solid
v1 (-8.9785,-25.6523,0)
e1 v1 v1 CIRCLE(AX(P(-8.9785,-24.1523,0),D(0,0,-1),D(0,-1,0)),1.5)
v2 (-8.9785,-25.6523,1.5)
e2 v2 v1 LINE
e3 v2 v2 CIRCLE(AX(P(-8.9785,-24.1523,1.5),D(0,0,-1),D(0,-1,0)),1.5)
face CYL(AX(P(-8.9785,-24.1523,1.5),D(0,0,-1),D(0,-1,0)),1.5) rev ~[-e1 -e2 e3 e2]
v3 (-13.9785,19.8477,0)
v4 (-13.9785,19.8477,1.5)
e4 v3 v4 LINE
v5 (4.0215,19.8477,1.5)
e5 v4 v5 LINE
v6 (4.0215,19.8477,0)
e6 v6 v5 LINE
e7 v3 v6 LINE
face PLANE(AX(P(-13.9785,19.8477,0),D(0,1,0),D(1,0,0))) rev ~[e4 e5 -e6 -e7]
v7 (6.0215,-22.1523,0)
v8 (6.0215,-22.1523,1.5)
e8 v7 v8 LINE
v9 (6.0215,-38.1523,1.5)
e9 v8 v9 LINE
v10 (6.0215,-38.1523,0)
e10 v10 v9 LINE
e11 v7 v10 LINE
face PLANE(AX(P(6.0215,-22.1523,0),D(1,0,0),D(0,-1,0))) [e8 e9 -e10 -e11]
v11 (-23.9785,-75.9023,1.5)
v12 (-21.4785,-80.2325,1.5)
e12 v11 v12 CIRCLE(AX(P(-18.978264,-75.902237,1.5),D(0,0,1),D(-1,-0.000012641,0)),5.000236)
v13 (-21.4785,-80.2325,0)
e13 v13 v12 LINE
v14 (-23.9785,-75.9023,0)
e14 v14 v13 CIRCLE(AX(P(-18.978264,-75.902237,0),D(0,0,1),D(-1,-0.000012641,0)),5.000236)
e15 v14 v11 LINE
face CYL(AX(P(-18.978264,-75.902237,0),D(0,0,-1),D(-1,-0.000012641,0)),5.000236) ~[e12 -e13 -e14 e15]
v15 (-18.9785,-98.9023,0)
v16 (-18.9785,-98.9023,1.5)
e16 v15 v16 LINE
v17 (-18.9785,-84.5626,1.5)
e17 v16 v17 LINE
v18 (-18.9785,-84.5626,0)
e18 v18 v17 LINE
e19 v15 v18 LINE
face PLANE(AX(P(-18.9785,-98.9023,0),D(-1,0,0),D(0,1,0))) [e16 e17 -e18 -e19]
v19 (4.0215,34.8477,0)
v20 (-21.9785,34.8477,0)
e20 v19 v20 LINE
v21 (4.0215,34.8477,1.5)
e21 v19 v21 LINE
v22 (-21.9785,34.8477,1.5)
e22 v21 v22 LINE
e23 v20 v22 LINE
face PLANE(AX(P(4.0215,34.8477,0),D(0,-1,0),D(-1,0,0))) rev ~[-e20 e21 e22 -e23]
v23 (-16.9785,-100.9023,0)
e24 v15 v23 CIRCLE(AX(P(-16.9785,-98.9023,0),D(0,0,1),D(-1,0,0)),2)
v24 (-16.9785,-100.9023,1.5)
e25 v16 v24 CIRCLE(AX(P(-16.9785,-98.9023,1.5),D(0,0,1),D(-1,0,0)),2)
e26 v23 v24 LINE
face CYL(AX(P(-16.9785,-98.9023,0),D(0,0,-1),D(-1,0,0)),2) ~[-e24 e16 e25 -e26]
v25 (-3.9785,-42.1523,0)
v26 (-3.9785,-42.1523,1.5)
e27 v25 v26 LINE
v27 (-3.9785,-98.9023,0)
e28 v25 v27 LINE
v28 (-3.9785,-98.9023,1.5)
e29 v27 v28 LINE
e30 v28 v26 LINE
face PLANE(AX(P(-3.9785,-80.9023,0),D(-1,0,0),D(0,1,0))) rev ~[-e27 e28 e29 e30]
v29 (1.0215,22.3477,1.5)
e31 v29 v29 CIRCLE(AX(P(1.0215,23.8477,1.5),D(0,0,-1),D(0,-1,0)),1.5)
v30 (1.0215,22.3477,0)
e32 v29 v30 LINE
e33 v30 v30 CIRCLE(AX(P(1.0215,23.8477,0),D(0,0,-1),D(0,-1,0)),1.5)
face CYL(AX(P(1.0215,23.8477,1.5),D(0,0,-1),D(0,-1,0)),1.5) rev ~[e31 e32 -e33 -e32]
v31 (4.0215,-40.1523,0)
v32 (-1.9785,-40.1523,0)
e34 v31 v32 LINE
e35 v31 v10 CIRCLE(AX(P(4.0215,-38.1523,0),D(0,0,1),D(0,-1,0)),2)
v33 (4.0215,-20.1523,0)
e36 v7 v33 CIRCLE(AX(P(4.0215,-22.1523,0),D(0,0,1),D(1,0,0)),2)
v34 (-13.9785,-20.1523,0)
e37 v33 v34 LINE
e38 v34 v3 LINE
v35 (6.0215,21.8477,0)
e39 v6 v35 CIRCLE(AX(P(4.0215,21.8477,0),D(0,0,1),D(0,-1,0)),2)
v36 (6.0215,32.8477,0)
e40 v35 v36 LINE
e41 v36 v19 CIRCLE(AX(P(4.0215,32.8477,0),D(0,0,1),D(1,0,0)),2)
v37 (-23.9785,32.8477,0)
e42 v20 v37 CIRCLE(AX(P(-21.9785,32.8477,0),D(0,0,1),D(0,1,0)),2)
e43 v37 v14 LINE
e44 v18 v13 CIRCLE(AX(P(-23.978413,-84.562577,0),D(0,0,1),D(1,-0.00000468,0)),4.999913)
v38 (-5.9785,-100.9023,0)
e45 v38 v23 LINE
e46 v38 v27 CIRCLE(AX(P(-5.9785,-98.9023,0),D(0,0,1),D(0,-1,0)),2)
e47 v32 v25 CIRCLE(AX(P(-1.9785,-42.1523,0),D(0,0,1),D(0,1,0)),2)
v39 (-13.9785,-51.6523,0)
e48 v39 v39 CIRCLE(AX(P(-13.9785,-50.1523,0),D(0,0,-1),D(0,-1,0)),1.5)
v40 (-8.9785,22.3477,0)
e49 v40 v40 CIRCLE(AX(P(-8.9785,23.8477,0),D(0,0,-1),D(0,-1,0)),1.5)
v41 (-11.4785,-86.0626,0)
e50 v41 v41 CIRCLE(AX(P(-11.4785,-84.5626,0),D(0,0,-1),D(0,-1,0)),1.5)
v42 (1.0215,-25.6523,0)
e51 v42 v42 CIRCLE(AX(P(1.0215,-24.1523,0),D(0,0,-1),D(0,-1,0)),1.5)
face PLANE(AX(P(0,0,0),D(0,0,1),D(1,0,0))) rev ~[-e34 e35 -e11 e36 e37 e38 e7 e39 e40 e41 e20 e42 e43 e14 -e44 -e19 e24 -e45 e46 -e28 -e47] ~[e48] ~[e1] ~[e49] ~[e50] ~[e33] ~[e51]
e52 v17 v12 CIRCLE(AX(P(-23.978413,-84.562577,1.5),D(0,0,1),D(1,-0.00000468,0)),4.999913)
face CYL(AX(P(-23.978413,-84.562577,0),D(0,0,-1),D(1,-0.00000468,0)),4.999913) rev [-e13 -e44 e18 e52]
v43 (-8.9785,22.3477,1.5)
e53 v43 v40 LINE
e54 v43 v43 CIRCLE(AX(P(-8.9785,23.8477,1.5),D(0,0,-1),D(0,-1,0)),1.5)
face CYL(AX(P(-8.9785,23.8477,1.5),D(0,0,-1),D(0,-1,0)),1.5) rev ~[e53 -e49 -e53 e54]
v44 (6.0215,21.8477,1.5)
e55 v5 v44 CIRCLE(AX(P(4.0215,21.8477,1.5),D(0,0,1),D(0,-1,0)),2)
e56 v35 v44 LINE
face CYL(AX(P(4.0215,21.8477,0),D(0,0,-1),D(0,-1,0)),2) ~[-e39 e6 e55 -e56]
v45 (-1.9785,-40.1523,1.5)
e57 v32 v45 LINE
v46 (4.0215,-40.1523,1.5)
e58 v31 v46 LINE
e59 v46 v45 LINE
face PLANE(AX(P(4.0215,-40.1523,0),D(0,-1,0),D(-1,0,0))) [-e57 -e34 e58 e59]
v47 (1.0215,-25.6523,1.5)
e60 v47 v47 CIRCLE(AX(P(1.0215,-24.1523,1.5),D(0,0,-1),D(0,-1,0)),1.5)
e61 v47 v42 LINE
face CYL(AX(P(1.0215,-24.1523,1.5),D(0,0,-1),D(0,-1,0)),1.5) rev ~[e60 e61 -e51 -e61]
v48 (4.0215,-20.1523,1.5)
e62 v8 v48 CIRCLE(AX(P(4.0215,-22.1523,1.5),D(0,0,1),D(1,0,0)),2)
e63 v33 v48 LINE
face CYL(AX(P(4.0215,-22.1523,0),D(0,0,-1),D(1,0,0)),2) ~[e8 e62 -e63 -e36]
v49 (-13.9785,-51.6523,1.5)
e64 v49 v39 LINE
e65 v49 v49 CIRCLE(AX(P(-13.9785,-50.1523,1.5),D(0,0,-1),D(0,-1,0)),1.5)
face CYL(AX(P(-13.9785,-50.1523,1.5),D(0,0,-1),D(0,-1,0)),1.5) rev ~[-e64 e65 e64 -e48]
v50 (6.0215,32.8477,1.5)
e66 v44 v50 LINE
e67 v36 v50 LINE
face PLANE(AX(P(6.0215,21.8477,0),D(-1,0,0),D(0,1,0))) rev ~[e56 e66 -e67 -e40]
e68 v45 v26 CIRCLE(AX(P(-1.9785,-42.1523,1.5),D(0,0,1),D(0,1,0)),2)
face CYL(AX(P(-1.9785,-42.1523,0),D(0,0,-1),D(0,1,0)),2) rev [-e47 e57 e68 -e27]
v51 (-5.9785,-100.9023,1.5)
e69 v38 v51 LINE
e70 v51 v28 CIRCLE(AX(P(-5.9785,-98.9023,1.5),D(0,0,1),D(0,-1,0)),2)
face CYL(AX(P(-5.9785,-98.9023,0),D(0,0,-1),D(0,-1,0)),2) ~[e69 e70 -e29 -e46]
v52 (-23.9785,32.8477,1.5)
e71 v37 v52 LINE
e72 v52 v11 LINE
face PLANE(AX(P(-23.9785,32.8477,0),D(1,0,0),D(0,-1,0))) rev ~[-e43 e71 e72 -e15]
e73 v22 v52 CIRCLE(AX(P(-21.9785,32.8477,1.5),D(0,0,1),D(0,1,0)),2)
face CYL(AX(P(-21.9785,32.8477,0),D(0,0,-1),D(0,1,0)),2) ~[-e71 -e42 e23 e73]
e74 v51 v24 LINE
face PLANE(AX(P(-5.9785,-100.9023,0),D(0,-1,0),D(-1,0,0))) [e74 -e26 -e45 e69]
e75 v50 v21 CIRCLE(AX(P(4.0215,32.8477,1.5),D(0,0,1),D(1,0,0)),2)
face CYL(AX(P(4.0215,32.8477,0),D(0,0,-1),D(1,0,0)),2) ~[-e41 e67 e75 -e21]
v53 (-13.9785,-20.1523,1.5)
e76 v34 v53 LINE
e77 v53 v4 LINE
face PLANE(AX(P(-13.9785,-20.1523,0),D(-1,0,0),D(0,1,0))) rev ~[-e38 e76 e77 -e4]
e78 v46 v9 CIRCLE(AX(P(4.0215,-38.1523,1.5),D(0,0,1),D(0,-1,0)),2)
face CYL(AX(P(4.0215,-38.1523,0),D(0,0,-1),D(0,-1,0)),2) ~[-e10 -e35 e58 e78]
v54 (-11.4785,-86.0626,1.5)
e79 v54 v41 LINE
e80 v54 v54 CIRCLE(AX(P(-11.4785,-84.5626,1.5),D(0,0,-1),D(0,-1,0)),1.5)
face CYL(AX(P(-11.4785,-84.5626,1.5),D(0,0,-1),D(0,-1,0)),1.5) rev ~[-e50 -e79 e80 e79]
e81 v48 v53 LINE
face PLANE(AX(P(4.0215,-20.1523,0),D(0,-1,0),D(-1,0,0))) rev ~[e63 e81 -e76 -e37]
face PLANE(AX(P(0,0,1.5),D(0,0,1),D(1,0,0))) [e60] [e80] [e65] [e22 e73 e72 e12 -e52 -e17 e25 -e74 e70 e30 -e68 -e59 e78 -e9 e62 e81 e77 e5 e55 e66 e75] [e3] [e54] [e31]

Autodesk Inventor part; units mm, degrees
ref_plane "YZ Plane" through (0, 0, 0) normal (1, 0, 0) x (0, 1, 0)
ref_plane "XZ Plane" through (0, 0, 0) normal (0, 1, 0) x (-1, 0, 0)
sketch "Sketch1" plane through (0, 0, 0) normal (0, 0, 1) x (1, 0, 0)
  line L0 (-13.9785, 19.8477) -> (4.0215, 19.8477)
  line L1 (4.0215, -20.1523) -> (-13.9785, -20.1523)
  line L2 (-13.9785, -20.1523) -> (-13.9785, 19.8477)
  line L3 (6.0215, -22.1523) -> (6.0215, -38.1523)
  line L4 (6.0215, 21.8477) -> (6.0215, 32.8477)
  circle A0 centre (-3.9785, -10.9023) radius 2.5
  line L5 (6.0215, 19.8477) -> (6.0215, 34.8477)
  line L6 (6.0215, -20.1523) -> (6.0215, -40.1523)
  line L7 (4.0215, -40.1523) -> (-1.9785, -40.1523)
  line L8 (-3.9785, -80.9023) -> (-3.9785, -95.9023)
  line L9 (-3.9785, -98.9023) -> (-3.9785, -42.1523)
  line L10 (-23.9785, 32.8477) -> (-23.9785, -75.9023)
  line L11 (6.0215, 19.8477) -> (6.0215, 34.8477)
  circle A1 centre (-8.9785, -24.1523) radius 1.5
  circle A2 centre (1.0215, -24.1523) radius 1.5
  circle A3 centre (-8.9785, 23.8477) radius 1.5
  circle A4 centre (1.0215, 23.8477) radius 1.5
  line L12 (-5.9785, -100.9023) -> (-16.9785, -100.9023)
  line L13 (6.0215, 19.8477) -> (6.0215, 21.4291)
  line L14 (6.0215, 19.8477) -> (6.0215, 34.8477)
  line L15 (4.0215, 34.8477) -> (-21.9785, 34.8477)
  line L16 (-18.9785, -98.9023) -> (-18.9785, -84.5626)
  line L17 (-18.9785, -80.9023) -> (-18.9785, -80.9023)
  arc A5 (-18.9785, -98.9023) -> (-16.9785, -100.9023) centre (-16.9785, -98.9023) ccw
  arc A6 (-5.9785, -100.9023) -> (-3.9785, -98.9023) centre (-5.9785, -98.9023) ccw
  arc A7 (-1.9785, -40.1523) -> (-3.9785, -42.1523) centre (-1.9785, -42.1523) ccw
  arc A8 (4.0215, -40.1523) -> (6.0215, -38.1523) centre (4.0215, -38.1523) ccw
  arc A9 (6.0215, -22.1523) -> (4.0215, -20.1523) centre (4.0215, -22.1523) ccw
  arc A10 (4.0215, 19.8477) -> (6.0215, 21.8477) centre (4.0215, 21.8477) ccw
  arc A11 (6.0215, 32.8477) -> (4.0215, 34.8477) centre (4.0215, 32.8477) ccw
  arc A12 (-21.9785, 34.8477) -> (-23.9785, 32.8477) centre (-21.9785, 32.8477) ccw
  arc A13 (-23.9785, -75.9023) -> (-21.4785, -80.2325) centre (-18.9785, -75.9023) ccw
  arc A14 (-18.9785, -84.5626) -> (-21.4785, -80.2325) centre (-23.9785, -84.5626) ccw
  circle A15 centre (-13.9785, -50.1523) radius 1.5
  circle A16 centre (-11.4785, -84.5626) radius 1.5
  point P0 (0, 0)
  point P1 (0, 0)
  point P2 (0, 0)
  point P3 (-23.9785, 34.8477)
  point P4 (-3.9785, -100.9023)
  point P5 (-18.9785, -100.9023)
  dimension "d0" = 5
  dimension "d1" = 20
  dimension "d2" = 3
  dimension "d3" = 5
  dimension "d4" = 4
  dimension "d5" = 3
  dimension "d6" = 10
  dimension "d7" = 3
  dimension "d8" = 3
  dimension "d9" = 10
  dimension "d10" = 5
  dimension "d11" = 4
  dimension "d14" = 15
  dimension "d15" = 135.75
  dimension "d18" = 10
  dimension "d19" = 15
  dimension "d21" = 30
  dimension "d22" = 2
  dimension "d23" = 5
  dimension "d26" = 3
  dimension "d27" = 3
  dimension "d29" = 30
  dimension "d62" = 48
  dimension "d63" = 48
extrude "Extrusion2" add sketch "Sketch1" along normal blind 1.5 contours L2 L1 A9 L3 A8 L7 A7 L9 L8 A6 L12 A5 L16 A14 A13 L10 A12 L15 A11 L4 A10 L0 | A1 | A2 | A3 | A4 | A15 | A16
ref_plane "Work Plane1" through (0, 0, 1.5) normal (0, 0, 1) x (1, 0, 0)
sketch "Sketch4" plane through (0, 0, 1.5) normal (0, 0, 1) x (1, 0, 0)
  line L0 (-13.9785, 19.8477) -> (4.0215, 19.8477)
  line L1 (4.0215, -20.1523) -> (-13.9785, -20.1523)
  line L2 (-13.9785, -20.1523) -> (-13.9785, 19.8477)
  line L3 (6.0215, -22.1523) -> (6.0215, -38.1523)
  line L4 (6.0215, 21.8477) -> (6.0215, 32.8477)
  circle A0 centre (-3.9785, -10.9023) radius 2.5
  line L5 (6.0215, 19.8477) -> (6.0215, 34.8477)
  line L6 (6.0215, -20.1523) -> (6.0215, -40.1523)
  line L7 (4.0215, -40.1523) -> (-1.9785, -40.1523)
  line L8 (-3.9785, -80.9023) -> (-3.9785, -95.9023)
  line L9 (-3.9785, -98.9023) -> (-3.9785, -42.1523)
  line L10 (-23.9785, 32.8477) -> (-23.9785, -75.9023)
  line L11 (6.0215, 19.8477) -> (6.0215, 34.8477)
  circle A1 centre (-8.9785, -24.1523) radius 1.5
  circle A2 centre (1.0215, -24.1523) radius 1.5
  circle A3 centre (-8.9785, 23.8477) radius 1.5
  circle A4 centre (1.0215, 23.8477) radius 1.5
  line L12 (-5.9785, -100.9023) -> (-16.9785, -100.9023)
  line L13 (6.0215, 19.8477) -> (6.0215, 21.4291)
  line L14 (6.0215, 19.8477) -> (6.0215, 34.8477)
  line L15 (4.0215, 34.8477) -> (-21.9785, 34.8477)
  line L16 (-18.9785, -98.9023) -> (-18.9785, -84.5626)
  line L17 (-18.9785, -80.9023) -> (-18.9785, -80.9023)
  arc A5 (-18.9785, -98.9023) -> (-16.9785, -100.9023) centre (-16.9785, -98.9023) ccw
  arc A6 (-5.9785, -100.9023) -> (-3.9785, -98.9023) centre (-5.9785, -98.9023) ccw
  arc A7 (-1.9785, -40.1523) -> (-3.9785, -42.1523) centre (-1.9785, -42.1523) ccw
  arc A8 (4.0215, -40.1523) -> (6.0215, -38.1523) centre (4.0215, -38.1523) ccw
  arc A9 (6.0215, -22.1523) -> (4.0215, -20.1523) centre (4.0215, -22.1523) ccw
  arc A10 (4.0215, 19.8477) -> (6.0215, 21.8477) centre (4.0215, 21.8477) ccw
  arc A11 (6.0215, 32.8477) -> (4.0215, 34.8477) centre (4.0215, 32.8477) ccw
  arc A12 (-21.9785, 34.8477) -> (-23.9785, 32.8477) centre (-21.9785, 32.8477) ccw
  arc A13 (-23.9785, -75.9023) -> (-21.4785, -80.2325) centre (-18.9785, -75.9023) ccw
  arc A14 (-18.9785, -84.5626) -> (-21.4785, -80.2325) centre (-23.9785, -84.5626) ccw
  circle A15 centre (-13.9785, -50.1523) radius 1.5
  circle A16 centre (-11.4785, -84.5626) radius 1.5
  point P0 (0, 0)
  point P1 (0, 0)
  point P2 (0, 0)
  point P3 (0, 0)
  point P4 (-23.9785, 34.8477)
  point P5 (-3.9785, -100.9023)
  point P6 (-18.9785, -100.9023)
  dimension "d33" = 5
  dimension "d34" = 20
  dimension "d35" = 3
  dimension "d36" = 5
  dimension "d37" = 4
  dimension "d38" = 3
  dimension "d39" = 10
  dimension "d40" = 3
  dimension "d41" = 3
  dimension "d42" = 10
  dimension "d43" = 5
  dimension "d44" = 4
  dimension "d45" = 15
  dimension "d46" = 135.75
  dimension "d47" = 10
  dimension "d48" = 15
  dimension "d49" = 30
  dimension "d50" = 2
  dimension "d51" = 5
  dimension "d52" = 3
  dimension "d53" = 3
  dimension "d54" = 30
hole "Hole1" at (-8.9785, 23.8477, 1.5) at (1.0215, 23.8477, 1.5) at (-8.9785, -24.1523, 1.5) at (1.0215, -24.1523, 1.5) at (-13.9785, -50.1523, 1.5) at (-11.4785, -84.5626, 1.5) direction (0, 0, -1) diameter 3 end through all
properties part number "riset tibia alumunium 1"
